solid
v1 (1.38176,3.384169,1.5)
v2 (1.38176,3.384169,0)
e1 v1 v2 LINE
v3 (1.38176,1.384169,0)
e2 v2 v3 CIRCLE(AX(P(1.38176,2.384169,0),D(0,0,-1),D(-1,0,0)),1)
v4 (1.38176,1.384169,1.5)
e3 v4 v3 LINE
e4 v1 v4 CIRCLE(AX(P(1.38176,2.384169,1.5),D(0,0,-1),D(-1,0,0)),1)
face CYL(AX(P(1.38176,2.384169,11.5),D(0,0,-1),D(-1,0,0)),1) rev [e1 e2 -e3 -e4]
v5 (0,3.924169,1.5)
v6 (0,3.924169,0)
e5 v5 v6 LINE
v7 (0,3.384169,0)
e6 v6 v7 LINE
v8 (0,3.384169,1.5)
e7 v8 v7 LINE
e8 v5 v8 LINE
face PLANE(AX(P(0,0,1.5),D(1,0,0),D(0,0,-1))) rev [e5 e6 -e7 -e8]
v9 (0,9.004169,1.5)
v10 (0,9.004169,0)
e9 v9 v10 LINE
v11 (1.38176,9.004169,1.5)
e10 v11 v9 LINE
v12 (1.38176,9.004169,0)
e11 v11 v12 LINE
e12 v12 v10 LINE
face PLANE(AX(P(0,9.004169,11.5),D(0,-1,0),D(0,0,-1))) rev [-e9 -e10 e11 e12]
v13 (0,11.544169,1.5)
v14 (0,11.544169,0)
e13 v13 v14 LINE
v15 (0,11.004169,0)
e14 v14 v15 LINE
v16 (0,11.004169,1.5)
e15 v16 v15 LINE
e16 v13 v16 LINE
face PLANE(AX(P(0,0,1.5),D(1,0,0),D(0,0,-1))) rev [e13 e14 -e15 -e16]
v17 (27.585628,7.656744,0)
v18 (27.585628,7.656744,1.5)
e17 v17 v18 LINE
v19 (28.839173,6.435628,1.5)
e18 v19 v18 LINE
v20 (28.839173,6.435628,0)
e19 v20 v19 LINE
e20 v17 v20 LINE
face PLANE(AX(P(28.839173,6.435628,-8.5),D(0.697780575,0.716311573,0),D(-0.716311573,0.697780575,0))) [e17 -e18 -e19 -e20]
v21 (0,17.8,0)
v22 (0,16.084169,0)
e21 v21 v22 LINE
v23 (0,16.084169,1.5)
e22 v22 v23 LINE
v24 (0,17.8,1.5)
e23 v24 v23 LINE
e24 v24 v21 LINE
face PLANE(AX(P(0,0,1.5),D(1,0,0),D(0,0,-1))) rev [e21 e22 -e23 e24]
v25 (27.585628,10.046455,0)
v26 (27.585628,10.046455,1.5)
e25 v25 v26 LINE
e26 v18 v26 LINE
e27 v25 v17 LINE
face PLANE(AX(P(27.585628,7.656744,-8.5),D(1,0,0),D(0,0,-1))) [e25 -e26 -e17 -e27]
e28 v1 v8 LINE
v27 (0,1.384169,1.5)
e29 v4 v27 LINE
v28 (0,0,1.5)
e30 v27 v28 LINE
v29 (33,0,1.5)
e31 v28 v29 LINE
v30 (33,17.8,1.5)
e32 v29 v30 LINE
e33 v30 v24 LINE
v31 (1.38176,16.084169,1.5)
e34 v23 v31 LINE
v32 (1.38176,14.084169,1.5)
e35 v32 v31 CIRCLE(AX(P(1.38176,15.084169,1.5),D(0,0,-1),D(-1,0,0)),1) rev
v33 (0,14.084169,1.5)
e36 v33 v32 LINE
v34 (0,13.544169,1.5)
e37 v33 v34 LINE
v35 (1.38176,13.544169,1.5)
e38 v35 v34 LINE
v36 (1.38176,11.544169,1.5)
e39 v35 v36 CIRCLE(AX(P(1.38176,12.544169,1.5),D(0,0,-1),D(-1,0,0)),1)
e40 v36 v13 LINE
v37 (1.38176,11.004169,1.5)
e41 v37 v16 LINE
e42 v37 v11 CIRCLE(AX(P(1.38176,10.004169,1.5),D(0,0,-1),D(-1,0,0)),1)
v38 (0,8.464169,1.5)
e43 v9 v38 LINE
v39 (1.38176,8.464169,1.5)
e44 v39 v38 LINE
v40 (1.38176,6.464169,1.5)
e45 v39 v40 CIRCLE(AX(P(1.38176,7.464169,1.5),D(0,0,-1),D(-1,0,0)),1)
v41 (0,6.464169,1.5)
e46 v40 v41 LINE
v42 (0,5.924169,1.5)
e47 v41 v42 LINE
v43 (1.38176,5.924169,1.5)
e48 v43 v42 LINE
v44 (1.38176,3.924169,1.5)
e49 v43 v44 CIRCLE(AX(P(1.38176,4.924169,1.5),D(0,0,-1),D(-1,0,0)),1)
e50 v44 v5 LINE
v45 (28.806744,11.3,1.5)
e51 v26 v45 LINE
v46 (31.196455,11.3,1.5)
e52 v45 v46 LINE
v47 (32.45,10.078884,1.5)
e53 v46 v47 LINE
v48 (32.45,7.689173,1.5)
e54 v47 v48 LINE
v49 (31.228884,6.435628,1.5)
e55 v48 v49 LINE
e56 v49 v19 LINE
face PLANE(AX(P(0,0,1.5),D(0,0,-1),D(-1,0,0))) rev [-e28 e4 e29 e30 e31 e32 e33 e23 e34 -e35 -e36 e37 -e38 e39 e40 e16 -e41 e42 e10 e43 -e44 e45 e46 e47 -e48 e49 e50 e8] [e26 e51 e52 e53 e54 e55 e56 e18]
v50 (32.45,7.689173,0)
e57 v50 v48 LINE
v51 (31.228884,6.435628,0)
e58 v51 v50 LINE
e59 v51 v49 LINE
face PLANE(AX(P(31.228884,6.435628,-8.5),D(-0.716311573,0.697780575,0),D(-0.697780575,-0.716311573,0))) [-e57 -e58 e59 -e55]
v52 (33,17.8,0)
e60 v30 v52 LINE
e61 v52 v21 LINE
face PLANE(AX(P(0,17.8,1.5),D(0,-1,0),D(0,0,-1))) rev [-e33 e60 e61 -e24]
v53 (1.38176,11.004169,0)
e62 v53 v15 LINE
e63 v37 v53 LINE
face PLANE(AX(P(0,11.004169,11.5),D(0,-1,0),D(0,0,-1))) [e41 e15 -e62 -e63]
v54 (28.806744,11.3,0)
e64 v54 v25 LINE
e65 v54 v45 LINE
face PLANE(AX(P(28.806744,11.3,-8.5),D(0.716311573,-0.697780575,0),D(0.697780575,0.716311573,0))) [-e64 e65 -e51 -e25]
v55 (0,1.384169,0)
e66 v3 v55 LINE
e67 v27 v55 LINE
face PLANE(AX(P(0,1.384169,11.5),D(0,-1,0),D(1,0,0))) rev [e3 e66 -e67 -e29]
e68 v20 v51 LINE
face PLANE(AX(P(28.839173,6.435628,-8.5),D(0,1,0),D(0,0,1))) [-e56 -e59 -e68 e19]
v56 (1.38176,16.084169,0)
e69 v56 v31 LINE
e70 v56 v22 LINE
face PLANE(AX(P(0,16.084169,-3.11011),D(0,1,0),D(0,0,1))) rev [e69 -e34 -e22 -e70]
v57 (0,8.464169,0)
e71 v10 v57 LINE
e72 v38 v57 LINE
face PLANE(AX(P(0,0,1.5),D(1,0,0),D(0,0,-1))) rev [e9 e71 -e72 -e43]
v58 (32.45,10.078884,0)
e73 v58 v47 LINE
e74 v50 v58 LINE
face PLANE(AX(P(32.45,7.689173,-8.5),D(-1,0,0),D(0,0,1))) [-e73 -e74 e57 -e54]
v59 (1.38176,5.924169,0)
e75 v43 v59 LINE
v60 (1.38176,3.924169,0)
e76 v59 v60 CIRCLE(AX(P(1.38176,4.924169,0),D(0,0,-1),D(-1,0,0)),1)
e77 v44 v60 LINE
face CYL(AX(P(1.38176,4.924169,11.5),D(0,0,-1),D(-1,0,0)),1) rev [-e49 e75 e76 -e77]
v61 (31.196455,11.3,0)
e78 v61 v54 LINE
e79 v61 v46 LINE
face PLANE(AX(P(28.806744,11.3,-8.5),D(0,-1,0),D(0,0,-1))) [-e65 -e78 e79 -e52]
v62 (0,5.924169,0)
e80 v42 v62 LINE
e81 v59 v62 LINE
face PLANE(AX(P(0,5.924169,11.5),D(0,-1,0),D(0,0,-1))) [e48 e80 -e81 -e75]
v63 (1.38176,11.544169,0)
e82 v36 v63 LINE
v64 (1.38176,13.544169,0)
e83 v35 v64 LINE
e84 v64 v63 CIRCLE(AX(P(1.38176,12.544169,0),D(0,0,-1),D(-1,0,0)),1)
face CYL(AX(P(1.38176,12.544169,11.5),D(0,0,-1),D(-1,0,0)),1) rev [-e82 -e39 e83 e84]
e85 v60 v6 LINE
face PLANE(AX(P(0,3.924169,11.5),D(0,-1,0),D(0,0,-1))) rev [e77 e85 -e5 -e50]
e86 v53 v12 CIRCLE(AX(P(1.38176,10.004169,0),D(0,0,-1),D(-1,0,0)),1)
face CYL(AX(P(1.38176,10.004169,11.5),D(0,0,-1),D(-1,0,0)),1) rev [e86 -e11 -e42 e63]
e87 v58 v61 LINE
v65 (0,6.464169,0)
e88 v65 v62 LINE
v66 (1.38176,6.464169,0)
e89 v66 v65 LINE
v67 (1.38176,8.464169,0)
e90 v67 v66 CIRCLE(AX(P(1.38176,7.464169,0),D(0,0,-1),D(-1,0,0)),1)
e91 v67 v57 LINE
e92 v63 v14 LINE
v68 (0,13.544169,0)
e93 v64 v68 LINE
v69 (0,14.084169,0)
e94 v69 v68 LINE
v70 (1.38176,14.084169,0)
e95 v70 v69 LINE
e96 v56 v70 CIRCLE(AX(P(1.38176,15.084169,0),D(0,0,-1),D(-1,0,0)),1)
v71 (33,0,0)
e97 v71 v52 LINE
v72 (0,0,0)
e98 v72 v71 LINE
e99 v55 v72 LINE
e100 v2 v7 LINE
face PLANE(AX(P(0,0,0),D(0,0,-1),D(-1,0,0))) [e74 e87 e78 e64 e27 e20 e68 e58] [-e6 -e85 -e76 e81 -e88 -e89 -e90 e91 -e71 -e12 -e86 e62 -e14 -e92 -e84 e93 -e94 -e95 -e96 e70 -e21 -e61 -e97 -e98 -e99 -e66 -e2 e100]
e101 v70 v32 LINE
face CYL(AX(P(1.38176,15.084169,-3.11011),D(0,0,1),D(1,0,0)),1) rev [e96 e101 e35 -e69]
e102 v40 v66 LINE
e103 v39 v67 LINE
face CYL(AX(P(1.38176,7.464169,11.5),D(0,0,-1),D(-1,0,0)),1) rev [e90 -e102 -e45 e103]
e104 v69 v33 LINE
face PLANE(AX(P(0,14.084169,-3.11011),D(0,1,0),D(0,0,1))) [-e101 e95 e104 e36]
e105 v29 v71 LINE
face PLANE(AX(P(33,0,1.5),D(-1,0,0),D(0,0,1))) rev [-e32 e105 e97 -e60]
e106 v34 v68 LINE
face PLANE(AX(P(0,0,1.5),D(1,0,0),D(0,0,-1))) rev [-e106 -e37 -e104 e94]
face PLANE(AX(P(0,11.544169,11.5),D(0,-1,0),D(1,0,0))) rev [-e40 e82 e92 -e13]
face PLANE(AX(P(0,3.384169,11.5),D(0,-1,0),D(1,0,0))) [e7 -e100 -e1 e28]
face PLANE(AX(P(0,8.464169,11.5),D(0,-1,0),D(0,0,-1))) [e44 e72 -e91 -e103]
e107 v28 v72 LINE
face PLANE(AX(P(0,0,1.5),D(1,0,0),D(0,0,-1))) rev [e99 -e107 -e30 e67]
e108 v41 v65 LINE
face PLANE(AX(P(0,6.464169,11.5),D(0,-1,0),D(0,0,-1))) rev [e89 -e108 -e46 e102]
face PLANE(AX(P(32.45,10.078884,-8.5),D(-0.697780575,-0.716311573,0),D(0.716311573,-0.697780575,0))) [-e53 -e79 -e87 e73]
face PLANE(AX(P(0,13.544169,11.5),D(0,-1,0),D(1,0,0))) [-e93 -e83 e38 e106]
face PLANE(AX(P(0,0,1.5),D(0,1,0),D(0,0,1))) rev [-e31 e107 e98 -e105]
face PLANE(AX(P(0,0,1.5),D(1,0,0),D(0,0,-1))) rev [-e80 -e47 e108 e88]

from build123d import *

# Parameters (mm, degrees)
SKETCH1_W           = 33
SKETCH1_H           = 17.8
MAIN_BODY_DEPTH     = 1.5
PIN_HOLE_DEPTH      = 1.5
PIN_HOLE_DEPTH_BACK = 10
CUT_EXTRUDE3_DEPTH  = 10


with BuildPart() as part:
    # Sketch1 → Main Body (new body)
    with BuildSketch(Plane.XY):
        with Locations((16.5, 8.9)):
            Rectangle(SKETCH1_W, SKETCH1_H)
    extrude(amount=MAIN_BODY_DEPTH)

    # Sketch7 → Pin Hole (cut, two sides)
    with BuildSketch(Plane(origin=(0, 0, 1.5), x_dir=(-1, 0, 0), z_dir=(0, 0, -1))) as pin_hole_sk:
        with BuildLine():
            Line((0, 16.084169392), (-1.381760133, 16.084169392))
            ThreePointArc((-1.381760133, 16.084169392), (-2.381760133, 15.084169392), (-1.381760133, 14.084169392))
            Line((-1.381760133, 14.084169392), (0, 14.084169392))
            Line((0, 14.084169392), (0, 16.084169392))
        make_face()
        with BuildLine():
            Line((0, 11.544169392), (0, 13.544169392))
            Line((0, 13.544169392), (-1.381760133, 13.544169392))
            ThreePointArc((-1.381760133, 13.544169392), (-2.381760133, 12.544169392), (-1.381760133, 11.544169392))
            Line((-1.381760133, 11.544169392), (0, 11.544169392))
        make_face()
        with BuildLine():
            Line((0, 9.004169392), (0, 11.004169392))
            Line((0, 11.004169392), (-1.381760133, 11.004169392))
            ThreePointArc((-1.381760133, 11.004169392), (-2.381760133, 10.004169392), (-1.381760133, 9.004169392))
            Line((-1.381760133, 9.004169392), (0, 9.004169392))
        make_face()
        with BuildLine():
            Line((0, 6.464169392), (0, 8.464169392))
            Line((0, 8.464169392), (-1.381760133, 8.464169392))
            ThreePointArc((-1.381760133, 8.464169392), (-2.381760133, 7.464169392), (-1.381760133, 6.464169392))
            Line((-1.381760133, 6.464169392), (0, 6.464169392))
        make_face()
        with BuildLine():
            Line((-1.381760133, 3.924169392), (0, 3.924169392))
            Line((0, 3.924169392), (0, 5.924169392))
            Line((0, 5.924169392), (-1.381760133, 5.924169392))
            ThreePointArc((-1.381760133, 5.924169392), (-2.381760133, 4.924169392), (-1.381760133, 3.924169392))
        make_face()
        with BuildLine():
            Line((-1.381760133, 1.384169392), (0, 1.384169392))
            Line((0, 1.384169392), (0, 3.384169392))
            Line((0, 3.384169392), (-1.381760133, 3.384169392))
            ThreePointArc((-1.381760133, 3.384169392), (-2.381760133, 2.384169392), (-1.381760133, 1.384169392))
        make_face()
    extrude(amount=PIN_HOLE_DEPTH, mode=Mode.SUBTRACT)
    extrude(pin_hole_sk.sketch, amount=-PIN_HOLE_DEPTH_BACK, mode=Mode.SUBTRACT)

    # Sketch10 → Cut-Extrude3 (cut)
    with BuildSketch(Plane(origin=(0, 0, 1.5), x_dir=(-1, 0, 0), z_dir=(0, 0, -1))):
        Polygon((-32.45, 7.689172953), (-32.45, 10.078883994), (-31.196454748, 11.3), (-28.806743708, 11.3), (-27.585627701, 10.046454748), (-27.585627701, 7.656743708), (-28.839172953, 6.435627701), (-31.228883994, 6.435627701), align=None)
    extrude(amount=CUT_EXTRUDE3_DEPTH, mode=Mode.SUBTRACT)


solid = part.part
